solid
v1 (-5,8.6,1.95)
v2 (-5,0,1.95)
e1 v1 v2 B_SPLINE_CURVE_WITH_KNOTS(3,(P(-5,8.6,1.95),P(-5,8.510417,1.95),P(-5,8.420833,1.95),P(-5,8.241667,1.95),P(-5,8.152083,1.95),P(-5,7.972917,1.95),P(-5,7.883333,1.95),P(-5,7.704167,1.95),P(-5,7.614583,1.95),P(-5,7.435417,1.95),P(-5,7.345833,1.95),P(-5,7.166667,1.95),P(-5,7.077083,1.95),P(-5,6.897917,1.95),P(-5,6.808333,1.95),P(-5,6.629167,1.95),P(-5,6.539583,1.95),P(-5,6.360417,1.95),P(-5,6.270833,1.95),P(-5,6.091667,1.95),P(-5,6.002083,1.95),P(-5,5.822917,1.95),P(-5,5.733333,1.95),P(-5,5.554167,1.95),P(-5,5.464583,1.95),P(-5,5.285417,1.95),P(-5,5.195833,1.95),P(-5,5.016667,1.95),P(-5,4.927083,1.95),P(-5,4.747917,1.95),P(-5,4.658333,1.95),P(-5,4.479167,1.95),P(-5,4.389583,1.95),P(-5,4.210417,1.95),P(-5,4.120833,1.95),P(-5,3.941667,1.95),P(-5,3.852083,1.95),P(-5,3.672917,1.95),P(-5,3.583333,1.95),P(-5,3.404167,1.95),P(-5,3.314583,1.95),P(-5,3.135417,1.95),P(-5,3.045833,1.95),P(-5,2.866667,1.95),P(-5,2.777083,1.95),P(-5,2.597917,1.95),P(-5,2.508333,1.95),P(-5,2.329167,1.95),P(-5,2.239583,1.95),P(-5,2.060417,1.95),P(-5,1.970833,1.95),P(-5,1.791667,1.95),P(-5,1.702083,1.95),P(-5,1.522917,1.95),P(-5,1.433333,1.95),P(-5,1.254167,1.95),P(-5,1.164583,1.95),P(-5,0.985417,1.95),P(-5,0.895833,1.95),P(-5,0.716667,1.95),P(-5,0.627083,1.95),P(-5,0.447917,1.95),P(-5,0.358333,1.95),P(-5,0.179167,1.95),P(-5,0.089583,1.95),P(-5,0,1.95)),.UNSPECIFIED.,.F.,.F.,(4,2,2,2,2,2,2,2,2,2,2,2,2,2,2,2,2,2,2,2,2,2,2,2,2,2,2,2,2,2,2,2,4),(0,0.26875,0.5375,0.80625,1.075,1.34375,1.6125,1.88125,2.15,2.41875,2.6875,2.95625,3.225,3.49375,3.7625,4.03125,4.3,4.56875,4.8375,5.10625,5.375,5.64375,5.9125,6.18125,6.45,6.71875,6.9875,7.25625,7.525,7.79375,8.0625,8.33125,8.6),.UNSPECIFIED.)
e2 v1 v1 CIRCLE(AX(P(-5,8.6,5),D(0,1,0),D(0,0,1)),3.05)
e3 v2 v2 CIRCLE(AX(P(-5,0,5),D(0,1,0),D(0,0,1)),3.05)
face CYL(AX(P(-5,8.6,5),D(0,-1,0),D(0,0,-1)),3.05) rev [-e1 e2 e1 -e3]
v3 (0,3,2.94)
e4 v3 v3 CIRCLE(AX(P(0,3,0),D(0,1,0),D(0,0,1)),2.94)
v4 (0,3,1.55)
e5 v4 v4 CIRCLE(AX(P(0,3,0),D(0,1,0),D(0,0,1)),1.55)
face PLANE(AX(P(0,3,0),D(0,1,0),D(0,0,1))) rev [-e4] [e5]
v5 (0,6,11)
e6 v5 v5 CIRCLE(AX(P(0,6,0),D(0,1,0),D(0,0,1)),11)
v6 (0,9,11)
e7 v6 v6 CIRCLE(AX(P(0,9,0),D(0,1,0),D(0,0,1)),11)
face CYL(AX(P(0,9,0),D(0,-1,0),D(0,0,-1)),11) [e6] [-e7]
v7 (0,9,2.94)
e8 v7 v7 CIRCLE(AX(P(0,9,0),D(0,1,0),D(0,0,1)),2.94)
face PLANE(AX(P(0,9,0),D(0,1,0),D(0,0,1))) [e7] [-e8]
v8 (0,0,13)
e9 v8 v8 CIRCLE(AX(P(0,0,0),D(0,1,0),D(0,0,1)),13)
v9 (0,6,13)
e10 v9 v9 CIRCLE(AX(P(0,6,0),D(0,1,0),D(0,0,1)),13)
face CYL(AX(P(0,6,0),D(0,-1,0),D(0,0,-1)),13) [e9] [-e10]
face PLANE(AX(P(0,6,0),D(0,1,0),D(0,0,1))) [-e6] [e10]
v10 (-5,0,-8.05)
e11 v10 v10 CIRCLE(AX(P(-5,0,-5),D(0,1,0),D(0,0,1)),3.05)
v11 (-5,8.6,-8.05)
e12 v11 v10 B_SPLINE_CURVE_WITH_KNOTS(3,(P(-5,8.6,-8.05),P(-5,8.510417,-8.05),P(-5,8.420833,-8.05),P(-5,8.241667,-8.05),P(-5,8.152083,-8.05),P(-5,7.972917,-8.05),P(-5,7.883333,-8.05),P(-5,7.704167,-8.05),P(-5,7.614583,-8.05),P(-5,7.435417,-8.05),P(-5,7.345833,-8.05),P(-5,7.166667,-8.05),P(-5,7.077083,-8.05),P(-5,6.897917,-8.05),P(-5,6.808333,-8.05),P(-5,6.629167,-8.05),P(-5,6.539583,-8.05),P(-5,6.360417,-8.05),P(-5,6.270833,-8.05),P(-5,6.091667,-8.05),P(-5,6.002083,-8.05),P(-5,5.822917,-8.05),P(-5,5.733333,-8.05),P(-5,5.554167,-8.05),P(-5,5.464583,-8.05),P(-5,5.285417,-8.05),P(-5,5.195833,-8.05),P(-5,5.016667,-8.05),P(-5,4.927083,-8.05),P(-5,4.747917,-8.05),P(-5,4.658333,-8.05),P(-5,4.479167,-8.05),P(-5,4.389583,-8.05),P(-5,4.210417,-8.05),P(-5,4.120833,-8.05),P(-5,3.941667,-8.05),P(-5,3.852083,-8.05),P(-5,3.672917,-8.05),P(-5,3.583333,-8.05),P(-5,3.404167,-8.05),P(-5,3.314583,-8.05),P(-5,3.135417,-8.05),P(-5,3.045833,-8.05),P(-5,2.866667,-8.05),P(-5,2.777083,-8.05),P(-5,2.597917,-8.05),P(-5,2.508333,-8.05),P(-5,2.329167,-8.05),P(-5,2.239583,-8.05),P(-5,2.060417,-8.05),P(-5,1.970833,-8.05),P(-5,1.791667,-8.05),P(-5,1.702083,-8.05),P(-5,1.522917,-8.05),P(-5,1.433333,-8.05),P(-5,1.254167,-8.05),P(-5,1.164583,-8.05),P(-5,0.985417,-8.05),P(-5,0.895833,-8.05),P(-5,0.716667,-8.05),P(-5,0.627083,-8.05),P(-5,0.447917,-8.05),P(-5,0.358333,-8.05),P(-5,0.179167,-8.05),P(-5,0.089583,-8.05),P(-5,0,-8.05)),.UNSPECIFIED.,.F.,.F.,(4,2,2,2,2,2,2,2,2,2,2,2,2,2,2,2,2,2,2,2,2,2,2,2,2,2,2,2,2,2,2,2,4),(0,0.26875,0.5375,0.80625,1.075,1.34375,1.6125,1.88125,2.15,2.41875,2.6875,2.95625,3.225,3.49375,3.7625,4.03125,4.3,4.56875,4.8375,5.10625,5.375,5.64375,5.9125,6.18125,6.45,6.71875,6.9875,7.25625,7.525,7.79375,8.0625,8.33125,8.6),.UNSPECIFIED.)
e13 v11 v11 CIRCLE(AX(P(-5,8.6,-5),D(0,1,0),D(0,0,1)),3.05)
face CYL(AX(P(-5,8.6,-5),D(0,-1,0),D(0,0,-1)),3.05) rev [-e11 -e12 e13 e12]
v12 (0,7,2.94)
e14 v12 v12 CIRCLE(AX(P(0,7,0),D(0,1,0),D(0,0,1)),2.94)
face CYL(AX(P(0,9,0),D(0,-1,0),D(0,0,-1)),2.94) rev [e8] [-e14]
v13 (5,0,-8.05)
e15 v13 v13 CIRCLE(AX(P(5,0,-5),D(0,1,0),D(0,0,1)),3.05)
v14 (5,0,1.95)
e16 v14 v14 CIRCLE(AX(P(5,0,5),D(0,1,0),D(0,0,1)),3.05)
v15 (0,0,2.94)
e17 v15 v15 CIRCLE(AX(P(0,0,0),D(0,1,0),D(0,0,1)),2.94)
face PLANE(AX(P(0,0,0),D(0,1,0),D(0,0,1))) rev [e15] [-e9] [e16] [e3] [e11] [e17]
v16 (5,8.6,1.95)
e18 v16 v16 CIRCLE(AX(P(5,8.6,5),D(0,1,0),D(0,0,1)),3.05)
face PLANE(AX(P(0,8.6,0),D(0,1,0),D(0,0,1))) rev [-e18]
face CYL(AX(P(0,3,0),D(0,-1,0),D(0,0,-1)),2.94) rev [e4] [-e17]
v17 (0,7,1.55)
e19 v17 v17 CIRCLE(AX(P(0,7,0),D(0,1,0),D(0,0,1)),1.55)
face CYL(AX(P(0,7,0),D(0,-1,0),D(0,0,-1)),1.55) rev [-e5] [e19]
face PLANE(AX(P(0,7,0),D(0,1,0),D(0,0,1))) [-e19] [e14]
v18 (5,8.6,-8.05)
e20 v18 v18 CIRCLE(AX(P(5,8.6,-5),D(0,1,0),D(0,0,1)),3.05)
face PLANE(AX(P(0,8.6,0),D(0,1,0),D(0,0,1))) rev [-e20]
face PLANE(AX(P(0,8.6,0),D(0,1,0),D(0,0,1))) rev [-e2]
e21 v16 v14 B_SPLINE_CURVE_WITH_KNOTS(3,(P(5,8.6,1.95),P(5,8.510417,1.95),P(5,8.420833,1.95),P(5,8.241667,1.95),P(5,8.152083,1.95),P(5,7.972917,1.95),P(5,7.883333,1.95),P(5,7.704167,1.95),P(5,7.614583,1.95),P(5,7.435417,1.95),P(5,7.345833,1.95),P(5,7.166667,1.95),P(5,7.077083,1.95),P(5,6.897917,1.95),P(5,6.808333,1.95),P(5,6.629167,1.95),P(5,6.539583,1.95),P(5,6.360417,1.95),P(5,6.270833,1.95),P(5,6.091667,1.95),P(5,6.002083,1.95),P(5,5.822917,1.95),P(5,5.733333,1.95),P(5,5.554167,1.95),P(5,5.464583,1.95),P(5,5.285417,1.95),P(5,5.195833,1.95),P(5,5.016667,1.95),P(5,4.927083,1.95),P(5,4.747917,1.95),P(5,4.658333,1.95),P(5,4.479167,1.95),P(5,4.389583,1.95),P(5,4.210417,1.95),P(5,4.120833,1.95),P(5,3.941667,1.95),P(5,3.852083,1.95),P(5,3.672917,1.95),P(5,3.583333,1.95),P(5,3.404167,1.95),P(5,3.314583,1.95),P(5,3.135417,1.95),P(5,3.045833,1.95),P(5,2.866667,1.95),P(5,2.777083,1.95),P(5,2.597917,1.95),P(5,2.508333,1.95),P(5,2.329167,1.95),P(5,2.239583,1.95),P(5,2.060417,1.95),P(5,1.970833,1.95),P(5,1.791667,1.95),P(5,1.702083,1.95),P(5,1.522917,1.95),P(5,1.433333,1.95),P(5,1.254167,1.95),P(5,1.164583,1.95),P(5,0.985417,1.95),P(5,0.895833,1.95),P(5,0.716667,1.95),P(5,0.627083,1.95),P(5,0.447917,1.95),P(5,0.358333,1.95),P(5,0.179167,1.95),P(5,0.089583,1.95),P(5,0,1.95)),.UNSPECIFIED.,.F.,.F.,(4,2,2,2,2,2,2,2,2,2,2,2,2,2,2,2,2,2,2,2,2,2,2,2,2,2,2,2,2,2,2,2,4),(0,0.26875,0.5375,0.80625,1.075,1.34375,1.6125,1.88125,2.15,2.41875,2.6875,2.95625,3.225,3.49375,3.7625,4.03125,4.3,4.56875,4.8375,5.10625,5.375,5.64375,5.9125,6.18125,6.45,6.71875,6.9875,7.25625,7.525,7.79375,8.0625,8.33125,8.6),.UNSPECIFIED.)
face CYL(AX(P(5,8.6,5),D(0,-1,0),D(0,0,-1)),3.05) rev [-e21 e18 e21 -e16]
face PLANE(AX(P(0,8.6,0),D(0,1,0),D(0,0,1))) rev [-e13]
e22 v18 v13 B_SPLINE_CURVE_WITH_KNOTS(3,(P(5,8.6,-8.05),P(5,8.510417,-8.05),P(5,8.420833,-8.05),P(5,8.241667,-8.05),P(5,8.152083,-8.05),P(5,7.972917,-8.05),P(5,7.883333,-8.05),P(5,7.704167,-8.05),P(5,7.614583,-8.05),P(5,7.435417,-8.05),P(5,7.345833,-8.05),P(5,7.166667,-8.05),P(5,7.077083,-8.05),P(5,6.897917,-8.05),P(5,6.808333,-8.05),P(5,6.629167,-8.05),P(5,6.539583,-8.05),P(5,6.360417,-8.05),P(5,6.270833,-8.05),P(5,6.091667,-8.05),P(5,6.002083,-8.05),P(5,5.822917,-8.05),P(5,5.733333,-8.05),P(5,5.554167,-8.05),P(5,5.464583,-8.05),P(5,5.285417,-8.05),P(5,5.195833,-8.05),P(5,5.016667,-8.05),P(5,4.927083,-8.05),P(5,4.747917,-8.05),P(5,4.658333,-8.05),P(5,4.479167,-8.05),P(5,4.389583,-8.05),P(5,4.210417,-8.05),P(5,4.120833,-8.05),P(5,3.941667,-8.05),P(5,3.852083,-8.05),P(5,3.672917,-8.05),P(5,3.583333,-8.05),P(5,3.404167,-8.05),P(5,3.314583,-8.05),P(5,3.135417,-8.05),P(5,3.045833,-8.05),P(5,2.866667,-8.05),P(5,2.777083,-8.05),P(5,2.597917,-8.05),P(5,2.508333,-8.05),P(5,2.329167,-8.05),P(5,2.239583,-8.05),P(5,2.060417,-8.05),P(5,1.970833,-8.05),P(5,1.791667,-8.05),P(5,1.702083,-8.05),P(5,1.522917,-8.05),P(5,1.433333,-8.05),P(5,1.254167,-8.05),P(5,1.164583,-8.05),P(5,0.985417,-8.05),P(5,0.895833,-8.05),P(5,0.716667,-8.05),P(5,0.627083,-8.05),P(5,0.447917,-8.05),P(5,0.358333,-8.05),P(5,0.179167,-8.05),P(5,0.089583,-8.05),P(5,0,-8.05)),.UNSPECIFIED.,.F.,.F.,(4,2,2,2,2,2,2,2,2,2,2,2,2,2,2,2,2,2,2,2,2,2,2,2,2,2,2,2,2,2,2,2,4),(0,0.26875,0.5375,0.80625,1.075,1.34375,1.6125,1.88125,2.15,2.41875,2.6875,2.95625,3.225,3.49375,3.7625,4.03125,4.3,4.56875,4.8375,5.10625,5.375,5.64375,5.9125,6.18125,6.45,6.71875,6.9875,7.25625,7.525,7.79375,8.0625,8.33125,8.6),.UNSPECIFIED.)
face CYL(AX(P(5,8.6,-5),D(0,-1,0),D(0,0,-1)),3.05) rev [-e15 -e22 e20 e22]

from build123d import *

# Parameters (mm, degrees)
SKETCH2_R           = 11
SKETCH2_R_2         = 2.94
BOSS_EXTRUDE1_DEPTH = 9
SKETCH2_3_R         = 2.94
SKETCH2_3_R_2       = 1.55
BOSS_EXTRUDE2_DEPTH = 7
SKETCH2_4_R         = 2.94
SKETCH2_4_R_2       = 1.55
CUT_EXTRUDE1_DEPTH  = 3
SKETCH2_6_R         = 3.05
CUT_EXTRUDE2_DEPTH  = 8.6
SKETCH2_7_R         = 13
SKETCH2_7_R_2       = 11
BOSS_EXTRUDE3_DEPTH = 6


with BuildPart() as part:
    # Sketch2 → Boss-Extrude1 (new body)
    with BuildSketch(Plane(origin=(0, 0, 0), x_dir=(1, 0, 0), z_dir=(0, 1, 0))):
        Circle(SKETCH2_R)
        Circle(SKETCH2_R_2, mode=Mode.SUBTRACT)
    extrude(amount=BOSS_EXTRUDE1_DEPTH)

    # Sketch2<3> → Boss-Extrude2 (add)
    with BuildSketch(Plane(origin=(0, 0, 0), x_dir=(1, 0, 0), z_dir=(0, 1, 0))):
        Circle(SKETCH2_3_R)
        Circle(SKETCH2_3_R_2, mode=Mode.SUBTRACT)
    extrude(amount=BOSS_EXTRUDE2_DEPTH)

    # Sketch2<4> → Cut-Extrude1 (cut)
    with BuildSketch(Plane(origin=(0, 0, 0), x_dir=(1, 0, 0), z_dir=(0, 1, 0))):
        Circle(SKETCH2_4_R)
        Circle(SKETCH2_4_R_2, mode=Mode.SUBTRACT)
    extrude(amount=CUT_EXTRUDE1_DEPTH, mode=Mode.SUBTRACT)

    # Sketch2<6> → Cut-Extrude2 (cut)
    with BuildSketch(Plane(origin=(0, 0, 0), x_dir=(1, 0, 0), z_dir=(0, 1, 0))):
        with Locations((-5, 5)):
            Circle(SKETCH2_6_R)
        with Locations((5, 5)):
            Circle(SKETCH2_6_R)
        with Locations((5, -5)):
            Circle(SKETCH2_6_R)
        with Locations((-5, -5)):
            Circle(SKETCH2_6_R)
    extrude(amount=CUT_EXTRUDE2_DEPTH, mode=Mode.SUBTRACT)

    # Sketch2<7> → Boss-Extrude3 (add)
    with BuildSketch(Plane(origin=(0, 0, 0), x_dir=(1, 0, 0), z_dir=(0, 1, 0))):
        Circle(SKETCH2_7_R)
        Circle(SKETCH2_7_R_2, mode=Mode.SUBTRACT)
    extrude(amount=BOSS_EXTRUDE3_DEPTH)


solid = part.part
